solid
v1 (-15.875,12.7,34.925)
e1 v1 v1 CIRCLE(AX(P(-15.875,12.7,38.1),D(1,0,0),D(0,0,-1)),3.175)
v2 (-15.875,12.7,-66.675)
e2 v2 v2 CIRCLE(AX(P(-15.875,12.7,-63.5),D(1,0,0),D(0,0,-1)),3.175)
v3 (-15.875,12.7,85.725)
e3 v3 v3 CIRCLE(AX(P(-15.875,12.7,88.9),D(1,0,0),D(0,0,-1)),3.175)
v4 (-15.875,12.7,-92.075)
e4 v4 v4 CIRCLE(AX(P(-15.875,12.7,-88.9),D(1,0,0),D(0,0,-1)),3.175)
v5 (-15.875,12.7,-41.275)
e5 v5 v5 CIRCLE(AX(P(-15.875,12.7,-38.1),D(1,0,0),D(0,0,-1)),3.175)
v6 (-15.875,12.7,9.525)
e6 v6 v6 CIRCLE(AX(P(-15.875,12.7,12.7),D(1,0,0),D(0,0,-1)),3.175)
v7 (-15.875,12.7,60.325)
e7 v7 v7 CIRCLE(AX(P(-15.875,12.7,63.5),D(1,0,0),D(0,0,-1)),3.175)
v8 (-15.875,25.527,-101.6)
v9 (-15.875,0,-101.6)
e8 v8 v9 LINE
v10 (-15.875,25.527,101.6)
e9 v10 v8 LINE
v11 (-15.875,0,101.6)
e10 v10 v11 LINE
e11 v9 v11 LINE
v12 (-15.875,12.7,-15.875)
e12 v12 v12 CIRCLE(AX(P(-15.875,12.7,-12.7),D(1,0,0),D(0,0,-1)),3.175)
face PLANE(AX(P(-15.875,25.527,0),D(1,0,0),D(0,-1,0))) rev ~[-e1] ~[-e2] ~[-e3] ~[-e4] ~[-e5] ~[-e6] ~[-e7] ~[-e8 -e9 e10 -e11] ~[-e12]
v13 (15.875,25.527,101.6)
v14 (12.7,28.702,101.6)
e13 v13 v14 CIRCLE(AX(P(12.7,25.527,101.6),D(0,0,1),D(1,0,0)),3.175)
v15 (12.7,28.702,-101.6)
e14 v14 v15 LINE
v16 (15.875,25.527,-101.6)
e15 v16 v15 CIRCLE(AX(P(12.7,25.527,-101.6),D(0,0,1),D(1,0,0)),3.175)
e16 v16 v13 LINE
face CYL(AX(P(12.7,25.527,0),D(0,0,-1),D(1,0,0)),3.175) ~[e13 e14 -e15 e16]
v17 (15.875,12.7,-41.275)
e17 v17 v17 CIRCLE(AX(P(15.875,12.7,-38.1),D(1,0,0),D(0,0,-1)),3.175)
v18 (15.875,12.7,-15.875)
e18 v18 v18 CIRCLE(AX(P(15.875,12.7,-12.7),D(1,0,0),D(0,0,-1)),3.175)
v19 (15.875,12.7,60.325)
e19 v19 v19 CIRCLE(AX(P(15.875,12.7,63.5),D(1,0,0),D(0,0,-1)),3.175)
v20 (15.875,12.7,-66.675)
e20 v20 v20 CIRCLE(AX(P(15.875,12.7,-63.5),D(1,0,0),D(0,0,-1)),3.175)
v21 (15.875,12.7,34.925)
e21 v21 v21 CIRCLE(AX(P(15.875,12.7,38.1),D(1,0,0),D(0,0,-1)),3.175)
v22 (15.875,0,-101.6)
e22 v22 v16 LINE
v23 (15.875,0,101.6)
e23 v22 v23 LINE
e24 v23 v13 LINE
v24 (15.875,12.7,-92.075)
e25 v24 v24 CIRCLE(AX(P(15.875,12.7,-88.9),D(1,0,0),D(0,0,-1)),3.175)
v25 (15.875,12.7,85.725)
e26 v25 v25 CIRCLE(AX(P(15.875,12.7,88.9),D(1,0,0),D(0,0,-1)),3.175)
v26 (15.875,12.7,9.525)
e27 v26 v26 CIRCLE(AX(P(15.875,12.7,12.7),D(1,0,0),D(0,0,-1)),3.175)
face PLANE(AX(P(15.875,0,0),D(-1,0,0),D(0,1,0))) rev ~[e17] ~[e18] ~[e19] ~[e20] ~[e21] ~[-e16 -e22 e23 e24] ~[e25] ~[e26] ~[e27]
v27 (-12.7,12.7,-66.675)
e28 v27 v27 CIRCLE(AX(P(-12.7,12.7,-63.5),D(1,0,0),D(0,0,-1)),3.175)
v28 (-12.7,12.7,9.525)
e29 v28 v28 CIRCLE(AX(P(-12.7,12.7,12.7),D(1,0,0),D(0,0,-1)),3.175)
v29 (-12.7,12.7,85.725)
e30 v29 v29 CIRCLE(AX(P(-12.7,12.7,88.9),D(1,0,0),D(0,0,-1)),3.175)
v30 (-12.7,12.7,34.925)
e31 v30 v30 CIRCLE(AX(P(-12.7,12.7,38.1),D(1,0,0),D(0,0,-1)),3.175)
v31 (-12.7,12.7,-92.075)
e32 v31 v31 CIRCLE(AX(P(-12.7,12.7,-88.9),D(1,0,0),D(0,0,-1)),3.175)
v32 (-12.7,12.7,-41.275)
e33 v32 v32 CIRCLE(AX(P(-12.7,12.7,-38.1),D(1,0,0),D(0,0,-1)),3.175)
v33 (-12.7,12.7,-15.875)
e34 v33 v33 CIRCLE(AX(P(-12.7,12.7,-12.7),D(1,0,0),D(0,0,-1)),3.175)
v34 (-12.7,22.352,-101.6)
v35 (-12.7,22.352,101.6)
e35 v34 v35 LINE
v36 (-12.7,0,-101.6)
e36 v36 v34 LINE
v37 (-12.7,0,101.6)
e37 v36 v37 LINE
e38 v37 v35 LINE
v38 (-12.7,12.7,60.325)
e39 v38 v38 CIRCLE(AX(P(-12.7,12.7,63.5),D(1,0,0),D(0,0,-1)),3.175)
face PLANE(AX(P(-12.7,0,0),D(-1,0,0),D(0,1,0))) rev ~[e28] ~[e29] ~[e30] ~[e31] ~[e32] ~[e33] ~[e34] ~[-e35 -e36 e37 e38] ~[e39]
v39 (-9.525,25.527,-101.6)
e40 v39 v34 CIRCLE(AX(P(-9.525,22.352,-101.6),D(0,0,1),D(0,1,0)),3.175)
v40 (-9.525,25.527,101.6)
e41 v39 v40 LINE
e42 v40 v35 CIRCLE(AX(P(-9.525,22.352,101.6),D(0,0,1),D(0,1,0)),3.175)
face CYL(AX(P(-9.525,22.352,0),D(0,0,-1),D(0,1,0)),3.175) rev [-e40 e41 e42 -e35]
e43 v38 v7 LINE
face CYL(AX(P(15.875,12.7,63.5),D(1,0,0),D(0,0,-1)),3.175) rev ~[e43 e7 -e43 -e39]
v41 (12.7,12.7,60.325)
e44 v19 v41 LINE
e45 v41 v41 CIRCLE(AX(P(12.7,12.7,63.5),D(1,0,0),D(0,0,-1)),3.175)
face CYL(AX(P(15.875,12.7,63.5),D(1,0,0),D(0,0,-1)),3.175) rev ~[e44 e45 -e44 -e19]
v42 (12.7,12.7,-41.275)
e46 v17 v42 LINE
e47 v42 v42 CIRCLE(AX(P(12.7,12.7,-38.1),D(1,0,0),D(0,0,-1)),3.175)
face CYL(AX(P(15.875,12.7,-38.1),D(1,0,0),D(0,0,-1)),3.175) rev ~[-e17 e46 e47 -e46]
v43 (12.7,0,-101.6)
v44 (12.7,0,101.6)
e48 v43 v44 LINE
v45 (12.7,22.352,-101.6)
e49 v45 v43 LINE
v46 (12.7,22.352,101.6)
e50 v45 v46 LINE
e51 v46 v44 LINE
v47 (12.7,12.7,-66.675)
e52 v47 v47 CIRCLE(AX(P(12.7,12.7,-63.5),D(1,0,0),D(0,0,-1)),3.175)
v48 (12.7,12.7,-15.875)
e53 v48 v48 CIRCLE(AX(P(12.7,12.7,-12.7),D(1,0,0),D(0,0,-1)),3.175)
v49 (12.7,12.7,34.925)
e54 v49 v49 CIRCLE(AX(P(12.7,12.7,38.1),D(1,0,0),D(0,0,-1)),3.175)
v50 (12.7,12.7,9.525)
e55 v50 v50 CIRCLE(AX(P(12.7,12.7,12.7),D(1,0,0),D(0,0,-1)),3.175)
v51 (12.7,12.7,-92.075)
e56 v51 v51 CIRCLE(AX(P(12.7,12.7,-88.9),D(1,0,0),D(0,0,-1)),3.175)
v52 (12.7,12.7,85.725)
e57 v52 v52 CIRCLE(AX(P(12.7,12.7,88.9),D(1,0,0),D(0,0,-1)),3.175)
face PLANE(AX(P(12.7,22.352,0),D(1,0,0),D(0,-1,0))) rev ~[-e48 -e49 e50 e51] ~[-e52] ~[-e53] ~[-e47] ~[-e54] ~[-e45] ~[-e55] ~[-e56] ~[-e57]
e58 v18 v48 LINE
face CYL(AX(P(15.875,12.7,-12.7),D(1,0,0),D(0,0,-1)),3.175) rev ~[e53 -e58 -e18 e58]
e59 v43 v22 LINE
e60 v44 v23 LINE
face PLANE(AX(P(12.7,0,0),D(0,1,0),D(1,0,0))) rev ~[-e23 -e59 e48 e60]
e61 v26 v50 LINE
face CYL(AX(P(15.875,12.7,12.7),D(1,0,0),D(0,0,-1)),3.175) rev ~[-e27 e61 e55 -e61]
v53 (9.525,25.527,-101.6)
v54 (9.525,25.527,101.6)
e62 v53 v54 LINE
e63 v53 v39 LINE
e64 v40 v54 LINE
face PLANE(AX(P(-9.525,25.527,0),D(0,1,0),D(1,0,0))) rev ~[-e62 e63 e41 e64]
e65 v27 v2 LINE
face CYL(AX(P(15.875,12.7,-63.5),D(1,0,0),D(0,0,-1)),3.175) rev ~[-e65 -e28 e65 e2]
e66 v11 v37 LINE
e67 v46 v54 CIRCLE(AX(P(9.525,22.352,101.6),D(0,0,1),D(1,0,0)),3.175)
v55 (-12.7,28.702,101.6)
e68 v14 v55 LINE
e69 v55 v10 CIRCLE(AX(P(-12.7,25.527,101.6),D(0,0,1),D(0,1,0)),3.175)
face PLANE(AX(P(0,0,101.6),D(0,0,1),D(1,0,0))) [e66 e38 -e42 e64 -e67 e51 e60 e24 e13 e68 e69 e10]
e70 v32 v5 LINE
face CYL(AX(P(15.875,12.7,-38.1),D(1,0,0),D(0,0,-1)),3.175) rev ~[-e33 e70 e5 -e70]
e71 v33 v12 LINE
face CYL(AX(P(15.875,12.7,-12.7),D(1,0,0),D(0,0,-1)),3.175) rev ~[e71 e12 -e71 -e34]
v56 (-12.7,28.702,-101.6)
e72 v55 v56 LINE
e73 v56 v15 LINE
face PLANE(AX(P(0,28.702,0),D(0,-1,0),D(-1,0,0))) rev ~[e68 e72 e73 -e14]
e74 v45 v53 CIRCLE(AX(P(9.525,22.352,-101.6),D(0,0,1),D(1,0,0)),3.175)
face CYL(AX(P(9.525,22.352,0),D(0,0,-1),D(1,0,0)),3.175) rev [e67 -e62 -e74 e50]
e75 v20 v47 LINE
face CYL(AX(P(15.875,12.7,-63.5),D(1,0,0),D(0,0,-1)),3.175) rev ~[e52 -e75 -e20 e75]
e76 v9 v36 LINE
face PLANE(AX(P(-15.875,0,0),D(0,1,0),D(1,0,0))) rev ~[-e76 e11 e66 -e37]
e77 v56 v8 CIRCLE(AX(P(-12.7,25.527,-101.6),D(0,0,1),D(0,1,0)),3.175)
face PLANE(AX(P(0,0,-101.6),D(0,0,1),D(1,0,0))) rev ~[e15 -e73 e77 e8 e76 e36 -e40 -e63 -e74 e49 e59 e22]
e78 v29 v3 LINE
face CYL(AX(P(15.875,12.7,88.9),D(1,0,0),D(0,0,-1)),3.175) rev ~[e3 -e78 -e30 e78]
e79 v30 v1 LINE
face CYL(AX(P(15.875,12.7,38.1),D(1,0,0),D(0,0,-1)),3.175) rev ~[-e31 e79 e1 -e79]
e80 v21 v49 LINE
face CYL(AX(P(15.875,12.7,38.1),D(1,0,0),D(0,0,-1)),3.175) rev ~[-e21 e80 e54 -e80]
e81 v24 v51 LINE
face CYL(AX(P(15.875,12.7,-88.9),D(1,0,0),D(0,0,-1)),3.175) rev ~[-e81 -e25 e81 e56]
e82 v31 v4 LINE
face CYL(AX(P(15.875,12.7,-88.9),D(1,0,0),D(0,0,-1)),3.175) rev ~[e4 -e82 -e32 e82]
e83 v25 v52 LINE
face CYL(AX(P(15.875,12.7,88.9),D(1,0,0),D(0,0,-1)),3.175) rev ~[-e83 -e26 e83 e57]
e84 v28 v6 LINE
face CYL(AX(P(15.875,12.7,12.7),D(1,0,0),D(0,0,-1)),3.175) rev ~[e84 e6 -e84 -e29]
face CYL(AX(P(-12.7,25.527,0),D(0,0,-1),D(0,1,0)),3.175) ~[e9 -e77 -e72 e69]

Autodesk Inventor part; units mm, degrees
ref_plane "YZ Plane" through (0, 0, 0) normal (1, 0, 0) x (0, 1, 0)
ref_plane "XZ Plane" through (0, 0, 0) normal (0, 1, 0) x (-1, 0, 0)
ref_plane "XY Plane" through (0, 0, 0) normal (0, 0, 1) x (1, 0, 0)
sketch "Sketch1" plane through (0, 0, 0) normal (0, 0, 1) x (1, 0, 0)
  line L0 (-15.875, 0) -> (-12.7, 0)
  line L1 (-12.7, 0) -> (-12.7, 22.352)
  line L2 (-9.525, 25.527) -> (9.525, 25.527)
  line L3 (12.7, 22.352) -> (12.7, 0)
  line L4 (12.7, 0) -> (15.875, 0)
  line L5 (15.875, 0) -> (15.875, 25.527)
  line L6 (12.7, 28.702) -> (-12.7, 28.702)
  line L7 (-15.875, 25.527) -> (-15.875, 0)
  arc A0 (-9.525, 25.527) -> (-12.7, 22.352) centre (-9.525, 22.352) ccw
  arc A1 (12.7, 22.352) -> (9.525, 25.527) centre (9.525, 22.352) ccw
  arc A2 (-12.7, 28.702) -> (-15.875, 25.527) centre (-12.7, 25.527) ccw
  arc A3 (15.875, 25.527) -> (12.7, 28.702) centre (12.7, 25.527) ccw
  line L8 (0, 35.2315) -> (0, -5.8719) projected
  point P0 (0, 0)
  dimension "d0" = 28.702
  dimension "d1" = 31.75
  dimension "d2" = 3.175
  dimension "d3" = 3.175
  dimension "d4" = 3.175
extrude "Extrusion1" add sketch "Sketch1" along normal mid plane 203.2
sketch "Sketch4" plane through (15.875, 0, 101.6) normal (1, 0, 0) x (0, 0, -1)
  line L0 (101.6, -5.7404) -> (101.6, 34.4424) construction
  line L1 (-40.64, 0) -> (243.84, 0) construction
  circle A0 centre (114.3, 12.7) radius 3.175
  point P0 (101.6, 0)
  dimension "d34" = 12.7
  dimension "d35" = 12.7
  dimension "d36" = 6.35
extrude "Extrusion4" cut sketch "Sketch4" against normal up to surface (31.75 mm away)
pattern_linear "Rectangular Pattern3" count 15 spacing 25.4 along (0, 0, 1) count 15 spacing 25.4 along (0, 0, -1) of "Extrusion4"
equation "\"d5\" = Support2Length"
equation "\"Support2Length\" = 203.2"
properties part number "NSupportChannel2" material "Aluminum 6061"
